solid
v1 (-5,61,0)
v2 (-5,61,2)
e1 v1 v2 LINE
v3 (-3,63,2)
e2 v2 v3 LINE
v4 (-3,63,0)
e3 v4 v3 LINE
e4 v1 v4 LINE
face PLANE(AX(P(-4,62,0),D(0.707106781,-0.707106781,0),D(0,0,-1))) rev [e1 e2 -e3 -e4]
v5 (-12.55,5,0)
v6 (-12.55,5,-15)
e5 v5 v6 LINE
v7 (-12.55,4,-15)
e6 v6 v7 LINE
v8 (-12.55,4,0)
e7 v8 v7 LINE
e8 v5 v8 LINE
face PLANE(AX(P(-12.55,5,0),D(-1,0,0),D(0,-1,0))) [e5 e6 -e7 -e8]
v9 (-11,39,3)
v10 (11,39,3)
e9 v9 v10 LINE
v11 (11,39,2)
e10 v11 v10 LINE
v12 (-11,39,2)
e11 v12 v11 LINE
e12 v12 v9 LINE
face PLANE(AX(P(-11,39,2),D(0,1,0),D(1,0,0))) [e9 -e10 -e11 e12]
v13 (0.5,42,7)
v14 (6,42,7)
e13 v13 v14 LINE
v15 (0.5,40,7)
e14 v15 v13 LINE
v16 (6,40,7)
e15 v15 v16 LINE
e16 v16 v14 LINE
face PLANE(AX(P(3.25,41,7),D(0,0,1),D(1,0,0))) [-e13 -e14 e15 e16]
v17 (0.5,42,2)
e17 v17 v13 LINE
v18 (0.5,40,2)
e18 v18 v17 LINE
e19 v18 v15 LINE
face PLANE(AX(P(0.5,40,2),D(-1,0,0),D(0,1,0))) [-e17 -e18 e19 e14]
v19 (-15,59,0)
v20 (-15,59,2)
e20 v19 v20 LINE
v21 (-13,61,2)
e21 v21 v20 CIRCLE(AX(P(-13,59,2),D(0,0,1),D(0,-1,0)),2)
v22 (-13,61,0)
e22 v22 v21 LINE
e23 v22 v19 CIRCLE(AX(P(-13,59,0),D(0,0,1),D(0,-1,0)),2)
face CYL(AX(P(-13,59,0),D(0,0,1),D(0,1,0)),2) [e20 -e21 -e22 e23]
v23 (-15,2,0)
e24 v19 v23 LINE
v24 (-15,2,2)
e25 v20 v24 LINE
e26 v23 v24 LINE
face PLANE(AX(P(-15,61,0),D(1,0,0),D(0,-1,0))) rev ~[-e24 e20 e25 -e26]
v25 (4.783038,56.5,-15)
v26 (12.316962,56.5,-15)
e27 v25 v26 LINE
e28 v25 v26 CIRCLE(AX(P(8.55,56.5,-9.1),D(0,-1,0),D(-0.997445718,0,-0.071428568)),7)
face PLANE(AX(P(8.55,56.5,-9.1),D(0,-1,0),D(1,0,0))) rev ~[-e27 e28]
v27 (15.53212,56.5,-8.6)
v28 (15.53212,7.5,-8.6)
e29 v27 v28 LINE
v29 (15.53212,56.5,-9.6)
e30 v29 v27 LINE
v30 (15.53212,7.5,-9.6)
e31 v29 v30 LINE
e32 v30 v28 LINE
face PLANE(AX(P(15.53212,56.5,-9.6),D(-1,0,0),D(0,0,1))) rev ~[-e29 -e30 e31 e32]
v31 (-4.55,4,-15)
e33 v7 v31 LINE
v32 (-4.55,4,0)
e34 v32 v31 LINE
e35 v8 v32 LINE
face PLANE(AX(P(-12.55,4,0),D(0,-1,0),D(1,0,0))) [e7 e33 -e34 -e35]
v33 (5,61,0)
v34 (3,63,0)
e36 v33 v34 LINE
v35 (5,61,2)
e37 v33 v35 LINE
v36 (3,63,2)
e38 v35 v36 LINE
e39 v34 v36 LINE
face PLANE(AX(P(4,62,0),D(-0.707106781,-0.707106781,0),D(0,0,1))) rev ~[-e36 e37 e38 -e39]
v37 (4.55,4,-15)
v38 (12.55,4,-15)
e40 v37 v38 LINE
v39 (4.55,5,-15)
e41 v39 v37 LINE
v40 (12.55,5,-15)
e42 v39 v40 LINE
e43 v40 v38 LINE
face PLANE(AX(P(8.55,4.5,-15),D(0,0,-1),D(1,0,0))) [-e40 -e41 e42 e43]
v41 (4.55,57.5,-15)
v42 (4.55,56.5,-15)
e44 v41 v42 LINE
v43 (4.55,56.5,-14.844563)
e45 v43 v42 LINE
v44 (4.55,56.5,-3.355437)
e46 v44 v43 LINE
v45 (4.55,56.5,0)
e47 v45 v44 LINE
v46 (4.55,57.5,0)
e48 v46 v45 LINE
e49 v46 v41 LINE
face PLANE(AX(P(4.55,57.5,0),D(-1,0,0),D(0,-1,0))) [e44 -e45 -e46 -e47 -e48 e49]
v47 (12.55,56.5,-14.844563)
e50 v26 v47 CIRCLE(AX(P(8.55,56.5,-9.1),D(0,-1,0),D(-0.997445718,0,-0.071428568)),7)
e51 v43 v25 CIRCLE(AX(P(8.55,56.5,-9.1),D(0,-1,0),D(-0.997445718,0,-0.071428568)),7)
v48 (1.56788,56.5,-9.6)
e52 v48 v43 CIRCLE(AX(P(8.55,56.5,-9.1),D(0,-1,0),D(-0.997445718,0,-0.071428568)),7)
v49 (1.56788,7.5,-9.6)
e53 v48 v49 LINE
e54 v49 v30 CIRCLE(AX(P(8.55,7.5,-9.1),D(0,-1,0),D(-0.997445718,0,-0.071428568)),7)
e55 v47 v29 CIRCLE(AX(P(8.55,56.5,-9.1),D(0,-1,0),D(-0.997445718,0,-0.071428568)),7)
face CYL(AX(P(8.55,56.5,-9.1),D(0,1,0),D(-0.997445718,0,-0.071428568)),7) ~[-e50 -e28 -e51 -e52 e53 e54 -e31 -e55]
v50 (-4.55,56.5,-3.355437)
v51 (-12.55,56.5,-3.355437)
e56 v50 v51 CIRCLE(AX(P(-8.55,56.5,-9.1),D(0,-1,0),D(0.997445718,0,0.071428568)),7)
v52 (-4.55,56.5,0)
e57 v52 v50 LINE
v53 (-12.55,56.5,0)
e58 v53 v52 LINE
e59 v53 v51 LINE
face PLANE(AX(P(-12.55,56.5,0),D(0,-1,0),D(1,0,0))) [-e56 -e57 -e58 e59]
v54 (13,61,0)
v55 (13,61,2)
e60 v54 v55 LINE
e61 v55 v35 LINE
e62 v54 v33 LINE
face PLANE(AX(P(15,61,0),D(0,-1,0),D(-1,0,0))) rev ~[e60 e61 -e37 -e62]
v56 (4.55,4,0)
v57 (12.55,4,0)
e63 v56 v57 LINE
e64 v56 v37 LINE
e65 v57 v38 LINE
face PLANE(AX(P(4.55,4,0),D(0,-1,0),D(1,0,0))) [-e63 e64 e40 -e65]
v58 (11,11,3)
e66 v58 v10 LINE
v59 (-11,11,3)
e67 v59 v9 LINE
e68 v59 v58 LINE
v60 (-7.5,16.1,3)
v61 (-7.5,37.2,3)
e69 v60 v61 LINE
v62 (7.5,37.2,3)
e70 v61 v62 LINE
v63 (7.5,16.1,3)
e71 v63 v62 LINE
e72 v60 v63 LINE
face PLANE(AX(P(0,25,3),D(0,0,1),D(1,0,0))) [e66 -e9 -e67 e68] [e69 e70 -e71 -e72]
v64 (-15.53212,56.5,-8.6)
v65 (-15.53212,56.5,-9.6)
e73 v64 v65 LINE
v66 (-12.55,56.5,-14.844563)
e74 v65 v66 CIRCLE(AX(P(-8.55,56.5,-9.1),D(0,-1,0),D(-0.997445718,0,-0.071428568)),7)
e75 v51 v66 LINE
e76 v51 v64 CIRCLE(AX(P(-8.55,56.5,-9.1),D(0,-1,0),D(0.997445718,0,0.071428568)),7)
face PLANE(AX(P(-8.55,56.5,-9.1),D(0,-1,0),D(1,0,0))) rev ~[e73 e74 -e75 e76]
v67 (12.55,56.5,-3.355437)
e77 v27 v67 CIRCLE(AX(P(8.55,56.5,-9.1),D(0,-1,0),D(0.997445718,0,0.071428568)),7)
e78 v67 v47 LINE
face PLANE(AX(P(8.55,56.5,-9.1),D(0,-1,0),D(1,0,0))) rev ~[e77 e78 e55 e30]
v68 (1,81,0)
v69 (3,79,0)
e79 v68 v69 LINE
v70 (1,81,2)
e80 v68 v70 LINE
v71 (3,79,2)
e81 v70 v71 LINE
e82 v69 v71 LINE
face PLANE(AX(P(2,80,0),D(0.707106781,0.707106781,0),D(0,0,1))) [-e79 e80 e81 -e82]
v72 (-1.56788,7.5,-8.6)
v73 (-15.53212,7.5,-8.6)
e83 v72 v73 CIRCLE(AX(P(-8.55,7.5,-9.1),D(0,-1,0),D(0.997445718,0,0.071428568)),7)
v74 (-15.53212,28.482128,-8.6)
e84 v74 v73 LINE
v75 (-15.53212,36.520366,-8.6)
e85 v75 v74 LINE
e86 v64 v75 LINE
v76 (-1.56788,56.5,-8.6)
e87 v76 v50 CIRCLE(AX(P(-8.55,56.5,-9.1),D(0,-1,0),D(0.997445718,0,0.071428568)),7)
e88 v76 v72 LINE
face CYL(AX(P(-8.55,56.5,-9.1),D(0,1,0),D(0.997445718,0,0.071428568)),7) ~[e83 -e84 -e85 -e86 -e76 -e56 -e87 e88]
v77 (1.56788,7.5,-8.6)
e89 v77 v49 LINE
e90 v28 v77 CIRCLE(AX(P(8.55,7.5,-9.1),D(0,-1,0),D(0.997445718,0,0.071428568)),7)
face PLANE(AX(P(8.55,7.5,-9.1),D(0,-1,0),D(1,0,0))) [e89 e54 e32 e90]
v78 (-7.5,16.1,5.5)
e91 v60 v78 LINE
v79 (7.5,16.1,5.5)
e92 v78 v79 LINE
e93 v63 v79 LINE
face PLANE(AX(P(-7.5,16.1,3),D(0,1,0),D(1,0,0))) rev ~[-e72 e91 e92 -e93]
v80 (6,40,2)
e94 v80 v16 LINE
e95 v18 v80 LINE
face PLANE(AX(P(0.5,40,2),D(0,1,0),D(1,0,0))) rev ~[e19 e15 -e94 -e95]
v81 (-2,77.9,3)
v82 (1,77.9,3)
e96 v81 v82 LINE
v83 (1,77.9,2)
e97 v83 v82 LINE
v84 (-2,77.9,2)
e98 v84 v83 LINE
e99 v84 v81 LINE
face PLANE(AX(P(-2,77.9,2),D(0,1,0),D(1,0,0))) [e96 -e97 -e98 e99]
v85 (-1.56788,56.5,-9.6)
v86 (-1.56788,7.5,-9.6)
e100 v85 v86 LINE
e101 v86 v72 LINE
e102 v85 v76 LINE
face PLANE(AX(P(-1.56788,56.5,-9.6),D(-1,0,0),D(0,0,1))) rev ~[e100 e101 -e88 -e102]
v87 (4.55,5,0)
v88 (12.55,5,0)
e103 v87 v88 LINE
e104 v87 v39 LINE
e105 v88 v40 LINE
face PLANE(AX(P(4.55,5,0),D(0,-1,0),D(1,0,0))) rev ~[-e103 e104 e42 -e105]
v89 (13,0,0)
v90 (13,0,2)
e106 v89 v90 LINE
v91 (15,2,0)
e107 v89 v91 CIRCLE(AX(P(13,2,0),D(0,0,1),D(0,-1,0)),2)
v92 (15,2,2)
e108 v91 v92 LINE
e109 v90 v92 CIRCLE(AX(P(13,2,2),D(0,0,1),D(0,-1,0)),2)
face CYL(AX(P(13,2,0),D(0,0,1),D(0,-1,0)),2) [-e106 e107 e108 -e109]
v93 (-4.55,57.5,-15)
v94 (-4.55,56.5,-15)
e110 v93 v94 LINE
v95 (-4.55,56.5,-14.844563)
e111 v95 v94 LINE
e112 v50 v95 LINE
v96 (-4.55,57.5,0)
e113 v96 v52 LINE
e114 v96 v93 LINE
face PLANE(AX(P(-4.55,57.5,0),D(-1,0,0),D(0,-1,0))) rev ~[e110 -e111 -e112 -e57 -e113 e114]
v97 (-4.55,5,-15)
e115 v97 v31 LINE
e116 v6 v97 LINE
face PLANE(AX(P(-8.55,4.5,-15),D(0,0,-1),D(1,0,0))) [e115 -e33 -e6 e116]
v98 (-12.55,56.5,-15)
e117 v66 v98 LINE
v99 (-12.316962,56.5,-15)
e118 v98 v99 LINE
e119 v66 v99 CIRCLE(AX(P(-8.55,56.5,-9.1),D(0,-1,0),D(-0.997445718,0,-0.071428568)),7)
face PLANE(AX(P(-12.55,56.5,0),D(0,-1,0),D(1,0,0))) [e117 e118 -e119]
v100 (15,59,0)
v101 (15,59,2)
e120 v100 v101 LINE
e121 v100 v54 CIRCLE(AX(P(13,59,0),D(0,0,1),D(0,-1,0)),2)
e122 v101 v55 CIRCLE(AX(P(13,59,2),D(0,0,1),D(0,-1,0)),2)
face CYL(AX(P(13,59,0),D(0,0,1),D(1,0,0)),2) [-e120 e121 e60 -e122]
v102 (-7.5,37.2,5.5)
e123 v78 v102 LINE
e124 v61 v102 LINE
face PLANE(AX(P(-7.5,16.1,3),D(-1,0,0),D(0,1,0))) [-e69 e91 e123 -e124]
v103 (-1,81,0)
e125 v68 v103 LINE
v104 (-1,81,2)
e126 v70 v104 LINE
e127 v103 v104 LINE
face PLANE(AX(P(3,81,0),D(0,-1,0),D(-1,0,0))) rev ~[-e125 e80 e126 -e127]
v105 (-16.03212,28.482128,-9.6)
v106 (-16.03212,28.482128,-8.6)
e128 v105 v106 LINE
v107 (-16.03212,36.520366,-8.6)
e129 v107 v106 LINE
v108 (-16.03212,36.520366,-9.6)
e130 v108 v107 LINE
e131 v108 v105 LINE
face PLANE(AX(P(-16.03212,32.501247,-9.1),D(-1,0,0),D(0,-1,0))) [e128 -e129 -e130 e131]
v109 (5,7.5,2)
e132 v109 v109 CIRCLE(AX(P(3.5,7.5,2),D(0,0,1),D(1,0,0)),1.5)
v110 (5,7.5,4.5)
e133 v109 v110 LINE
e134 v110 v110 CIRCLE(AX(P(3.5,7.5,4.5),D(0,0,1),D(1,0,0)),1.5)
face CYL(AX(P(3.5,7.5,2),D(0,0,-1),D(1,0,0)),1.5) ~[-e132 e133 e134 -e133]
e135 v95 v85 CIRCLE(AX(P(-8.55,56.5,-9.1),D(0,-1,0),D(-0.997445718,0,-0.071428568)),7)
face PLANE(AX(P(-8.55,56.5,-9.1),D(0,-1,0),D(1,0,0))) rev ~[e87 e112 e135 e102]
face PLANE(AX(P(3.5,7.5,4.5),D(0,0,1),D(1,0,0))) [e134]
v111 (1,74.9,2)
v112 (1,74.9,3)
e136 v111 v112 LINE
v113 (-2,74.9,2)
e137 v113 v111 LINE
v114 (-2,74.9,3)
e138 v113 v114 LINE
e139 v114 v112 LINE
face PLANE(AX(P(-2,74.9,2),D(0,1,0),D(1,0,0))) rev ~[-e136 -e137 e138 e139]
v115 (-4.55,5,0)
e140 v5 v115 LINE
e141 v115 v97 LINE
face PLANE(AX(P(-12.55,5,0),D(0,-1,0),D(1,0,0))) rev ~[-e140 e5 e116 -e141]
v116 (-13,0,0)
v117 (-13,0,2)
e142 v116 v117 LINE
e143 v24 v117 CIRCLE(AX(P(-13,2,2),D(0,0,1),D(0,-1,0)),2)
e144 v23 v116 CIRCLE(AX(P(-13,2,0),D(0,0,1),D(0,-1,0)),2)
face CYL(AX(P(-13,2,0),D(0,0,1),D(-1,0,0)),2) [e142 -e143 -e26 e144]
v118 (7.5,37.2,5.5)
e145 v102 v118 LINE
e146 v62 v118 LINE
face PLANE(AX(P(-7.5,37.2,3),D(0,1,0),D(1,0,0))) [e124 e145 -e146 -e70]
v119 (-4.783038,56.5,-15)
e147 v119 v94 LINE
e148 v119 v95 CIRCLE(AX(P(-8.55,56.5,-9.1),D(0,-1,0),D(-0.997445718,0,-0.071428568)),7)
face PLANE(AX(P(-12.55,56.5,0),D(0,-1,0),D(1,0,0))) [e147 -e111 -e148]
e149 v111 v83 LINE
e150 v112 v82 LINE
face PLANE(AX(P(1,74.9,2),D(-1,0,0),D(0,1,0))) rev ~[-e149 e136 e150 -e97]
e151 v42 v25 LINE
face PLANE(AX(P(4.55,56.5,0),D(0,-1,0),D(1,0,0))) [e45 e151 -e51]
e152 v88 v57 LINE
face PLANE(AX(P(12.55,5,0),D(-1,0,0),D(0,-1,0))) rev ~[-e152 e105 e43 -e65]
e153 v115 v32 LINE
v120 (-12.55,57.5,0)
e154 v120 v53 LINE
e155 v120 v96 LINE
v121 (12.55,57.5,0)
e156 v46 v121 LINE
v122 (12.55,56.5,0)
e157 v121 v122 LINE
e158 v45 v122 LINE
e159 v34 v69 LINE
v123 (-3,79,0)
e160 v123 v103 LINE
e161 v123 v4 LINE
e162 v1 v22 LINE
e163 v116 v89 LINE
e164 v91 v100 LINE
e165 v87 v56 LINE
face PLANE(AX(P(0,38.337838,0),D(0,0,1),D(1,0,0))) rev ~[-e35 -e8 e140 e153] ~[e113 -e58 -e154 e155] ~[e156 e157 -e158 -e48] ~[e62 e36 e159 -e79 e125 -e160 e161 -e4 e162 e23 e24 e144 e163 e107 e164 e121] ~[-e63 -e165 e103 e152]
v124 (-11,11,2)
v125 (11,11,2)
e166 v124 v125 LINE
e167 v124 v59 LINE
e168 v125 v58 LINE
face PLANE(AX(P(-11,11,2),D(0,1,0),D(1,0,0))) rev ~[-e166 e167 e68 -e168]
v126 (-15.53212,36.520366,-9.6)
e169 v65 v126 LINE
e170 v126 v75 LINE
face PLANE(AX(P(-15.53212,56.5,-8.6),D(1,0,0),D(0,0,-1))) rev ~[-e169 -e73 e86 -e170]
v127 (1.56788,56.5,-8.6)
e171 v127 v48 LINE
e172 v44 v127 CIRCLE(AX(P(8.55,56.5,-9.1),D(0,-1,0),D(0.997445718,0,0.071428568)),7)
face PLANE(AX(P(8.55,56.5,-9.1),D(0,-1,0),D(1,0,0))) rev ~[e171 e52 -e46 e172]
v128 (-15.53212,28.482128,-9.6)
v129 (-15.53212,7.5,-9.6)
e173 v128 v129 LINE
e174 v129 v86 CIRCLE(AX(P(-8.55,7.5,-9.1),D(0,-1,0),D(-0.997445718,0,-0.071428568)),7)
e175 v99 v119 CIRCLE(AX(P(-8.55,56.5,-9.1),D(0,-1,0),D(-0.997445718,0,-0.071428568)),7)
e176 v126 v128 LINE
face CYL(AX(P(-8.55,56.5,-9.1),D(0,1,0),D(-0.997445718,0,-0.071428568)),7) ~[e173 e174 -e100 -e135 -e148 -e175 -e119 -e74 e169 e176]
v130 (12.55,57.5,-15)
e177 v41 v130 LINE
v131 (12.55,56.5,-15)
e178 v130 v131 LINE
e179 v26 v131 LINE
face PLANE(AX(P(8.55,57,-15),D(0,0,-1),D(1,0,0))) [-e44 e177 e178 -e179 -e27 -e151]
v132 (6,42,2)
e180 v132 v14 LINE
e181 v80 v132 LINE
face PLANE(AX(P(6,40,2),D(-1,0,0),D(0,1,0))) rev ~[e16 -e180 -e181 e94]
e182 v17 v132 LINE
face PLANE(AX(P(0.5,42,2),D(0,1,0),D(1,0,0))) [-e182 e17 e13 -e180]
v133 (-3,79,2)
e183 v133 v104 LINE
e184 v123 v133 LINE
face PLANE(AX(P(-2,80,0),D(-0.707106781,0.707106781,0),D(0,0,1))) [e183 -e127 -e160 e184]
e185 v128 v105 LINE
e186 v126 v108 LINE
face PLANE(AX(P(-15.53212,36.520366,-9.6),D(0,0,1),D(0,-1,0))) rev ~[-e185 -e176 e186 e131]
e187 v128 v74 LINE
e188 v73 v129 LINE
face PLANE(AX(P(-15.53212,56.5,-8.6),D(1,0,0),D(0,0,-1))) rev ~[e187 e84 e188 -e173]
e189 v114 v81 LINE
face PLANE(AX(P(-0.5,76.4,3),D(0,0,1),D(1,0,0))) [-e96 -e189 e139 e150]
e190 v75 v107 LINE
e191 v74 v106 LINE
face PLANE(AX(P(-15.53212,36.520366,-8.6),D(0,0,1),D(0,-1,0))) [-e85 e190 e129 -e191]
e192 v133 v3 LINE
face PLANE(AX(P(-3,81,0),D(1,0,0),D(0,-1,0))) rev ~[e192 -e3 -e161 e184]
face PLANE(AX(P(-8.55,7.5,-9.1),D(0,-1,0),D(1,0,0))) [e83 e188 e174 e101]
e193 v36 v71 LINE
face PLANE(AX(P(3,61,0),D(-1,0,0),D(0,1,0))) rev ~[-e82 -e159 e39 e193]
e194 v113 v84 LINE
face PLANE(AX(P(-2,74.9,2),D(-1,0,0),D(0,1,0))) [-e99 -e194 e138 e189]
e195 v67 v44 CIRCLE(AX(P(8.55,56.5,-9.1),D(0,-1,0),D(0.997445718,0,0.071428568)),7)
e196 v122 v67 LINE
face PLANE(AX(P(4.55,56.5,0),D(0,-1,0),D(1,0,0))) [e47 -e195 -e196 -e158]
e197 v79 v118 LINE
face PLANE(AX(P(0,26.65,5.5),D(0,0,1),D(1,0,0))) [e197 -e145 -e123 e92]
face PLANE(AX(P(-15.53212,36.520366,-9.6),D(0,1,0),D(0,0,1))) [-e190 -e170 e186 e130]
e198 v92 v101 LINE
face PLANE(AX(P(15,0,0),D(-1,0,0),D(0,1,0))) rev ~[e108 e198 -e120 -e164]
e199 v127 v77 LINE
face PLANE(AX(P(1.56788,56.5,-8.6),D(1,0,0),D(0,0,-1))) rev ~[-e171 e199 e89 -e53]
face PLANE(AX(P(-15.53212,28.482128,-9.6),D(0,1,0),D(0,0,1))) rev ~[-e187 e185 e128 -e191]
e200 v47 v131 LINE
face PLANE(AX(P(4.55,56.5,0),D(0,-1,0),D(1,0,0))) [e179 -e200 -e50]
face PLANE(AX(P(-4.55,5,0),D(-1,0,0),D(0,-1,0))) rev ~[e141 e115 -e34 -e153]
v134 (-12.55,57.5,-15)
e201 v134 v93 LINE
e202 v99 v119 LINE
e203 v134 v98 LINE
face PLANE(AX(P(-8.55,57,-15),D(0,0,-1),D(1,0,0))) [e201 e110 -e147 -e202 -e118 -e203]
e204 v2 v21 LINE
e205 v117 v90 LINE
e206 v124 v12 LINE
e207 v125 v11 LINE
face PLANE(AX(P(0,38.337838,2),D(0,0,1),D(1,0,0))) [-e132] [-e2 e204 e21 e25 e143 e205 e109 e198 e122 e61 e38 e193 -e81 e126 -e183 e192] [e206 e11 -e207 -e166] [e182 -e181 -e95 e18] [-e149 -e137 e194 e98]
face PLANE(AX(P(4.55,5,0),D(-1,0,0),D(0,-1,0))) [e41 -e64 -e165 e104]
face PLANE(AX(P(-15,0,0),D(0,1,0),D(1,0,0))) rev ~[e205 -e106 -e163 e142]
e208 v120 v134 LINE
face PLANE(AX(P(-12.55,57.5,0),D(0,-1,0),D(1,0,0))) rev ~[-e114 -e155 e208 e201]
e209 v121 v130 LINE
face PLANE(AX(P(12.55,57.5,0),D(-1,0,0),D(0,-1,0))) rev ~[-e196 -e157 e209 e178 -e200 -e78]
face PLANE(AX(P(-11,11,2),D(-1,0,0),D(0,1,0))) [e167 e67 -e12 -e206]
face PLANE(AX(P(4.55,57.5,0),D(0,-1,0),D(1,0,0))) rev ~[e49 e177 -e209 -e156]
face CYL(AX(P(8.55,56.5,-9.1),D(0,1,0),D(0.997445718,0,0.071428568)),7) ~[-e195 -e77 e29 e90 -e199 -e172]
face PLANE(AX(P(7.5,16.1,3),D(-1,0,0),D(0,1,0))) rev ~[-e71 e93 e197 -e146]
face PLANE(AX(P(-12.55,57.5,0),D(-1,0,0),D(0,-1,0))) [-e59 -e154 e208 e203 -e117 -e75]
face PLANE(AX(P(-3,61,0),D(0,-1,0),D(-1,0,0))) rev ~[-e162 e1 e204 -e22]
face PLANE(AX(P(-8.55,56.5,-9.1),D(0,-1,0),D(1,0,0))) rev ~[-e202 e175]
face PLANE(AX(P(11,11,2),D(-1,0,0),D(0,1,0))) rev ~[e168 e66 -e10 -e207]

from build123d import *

# Parameters (mm, degrees)
F1_DEPTH  = 2
F2_W      = 22
F2_H      = 28
F3_DEPTH  = 1
F4_W      = 15
F4_H      = 21.1
F5_DEPTH  = 2.5
F6_W      = 5.5
F6_H      = 2
F7_DEPTH  = 5
F8_W      = 3
F8_H      = 3
F9_DEPTH  = 1
F10_R     = 1.5
F11_DEPTH = 2.5
F12_W     = 8
F12_H     = 1
F13_DEPTH = 15
F15_DEPTH = 49
F16_SIZE  = 2
F17_R     = 2
F18_W     = 8.038238
F18_H     = 1
F19_DEPTH = 0.5


with BuildPart() as f1:
    # F0 (on Top) → F1 (new body)
    with BuildSketch(Plane.XY):
        Polygon((-15, 61), (-15, 0), (15, 0), (15, 61), (3, 61), (3, 81), (-3, 81), (-3, 61), align=None)
    extrude(amount=F1_DEPTH)

    # F2 (on face) → F3 (join)
    with BuildSketch(Plane.XY.offset(2)):
        with Locations((0, 25)):
            Rectangle(F2_W, F2_H)
    extrude(amount=F3_DEPTH)

    # F4 (on face) → F5 (join)
    with BuildSketch(Plane.XY.offset(3)):
        with Locations((0, 26.65)):
            Rectangle(F4_W, F4_H)
    extrude(amount=F5_DEPTH)

    # F6 (on face) → F7 (join)
    with BuildSketch(Plane.XY.offset(2)):
        with Locations((3.25, 41)):
            Rectangle(F6_W, F6_H)
    extrude(amount=F7_DEPTH)

    # F8 (on face) → F9 (join)
    with BuildSketch(Plane.XY.offset(2)):
        with Locations((-0.5, 76.4)):
            Rectangle(F8_W, F8_H)
    extrude(amount=F9_DEPTH)

    # F10 (on face) → F11 (join)
    with BuildSketch(Plane.XY.offset(2)):
        with Locations((3.5, 7.5)):
            Circle(F10_R)
    extrude(amount=F11_DEPTH)

    # F12 (on face) → F13 (join)
    with BuildSketch(Plane(origin=(0, 0, 0), x_dir=(1, 0, 0), z_dir=(0, 0, -1))):
        with Locations((8.55, -4.5)):
            Rectangle(F12_W, F12_H)
        with Locations((-8.55, -4.5)):
            Rectangle(F12_W, F12_H)
        with Locations((8.55, -57)):
            Rectangle(F12_W, F12_H)
        with Locations((-8.55, -57)):
            Rectangle(F12_W, F12_H)
    extrude(amount=F13_DEPTH)

    # F14 (on face) → F15 (join)
    with BuildSketch(Plane.XZ.offset(-56.5)):
        with BuildLine():
            Line((15.53212, -9.6), (15.53212, -8.6))
            ThreePointArc((15.53212, -8.6), (8.55, -2.1), (1.56788, -8.6))
            Line((1.56788, -8.6), (1.56788, -9.6))
            ThreePointArc((1.56788, -9.6), (8.55, -16.1), (15.53212, -9.6))
        make_face()
        with BuildLine():
            ThreePointArc((-15.53212, -9.6), (-8.55, -16.1), (-1.56788, -9.6))
            Line((-1.56788, -9.6), (-1.56788, -8.6))
            ThreePointArc((-1.56788, -8.6), (-8.55, -2.1), (-15.53212, -8.6))
            Line((-15.53212, -8.6), (-15.53212, -9.6))
        make_face()
    extrude(amount=F15_DEPTH)

    # F16
    f16_edges = [f1.edges().sort_by_distance(p)[0] for p in [
        (-3, 61, 1),
        (3, 61, 1),
        (3, 81, 1),
        (-3, 81, 1),
    ]]
    chamfer(f16_edges, length=F16_SIZE)

    # F17
    f17_edges = [f1.edges().sort_by_distance(p)[0] for p in [
        (15, 61, 1),
        (-15, 61, 1),
        (15, 0, 1),
        (-15, 0, 1),
    ]]
    fillet(f17_edges, radius=F17_R)

    # F18 (on face) → F19 (join)
    with BuildSketch(Plane(origin=(-15.53212, 0, 0), x_dir=(0, -1, 0), z_dir=(-1, 0, 0))):
        with Locations((-32.501247, -9.1)):
            Rectangle(F18_W, F18_H)
    extrude(amount=F19_DEPTH)


solid = f1.part
